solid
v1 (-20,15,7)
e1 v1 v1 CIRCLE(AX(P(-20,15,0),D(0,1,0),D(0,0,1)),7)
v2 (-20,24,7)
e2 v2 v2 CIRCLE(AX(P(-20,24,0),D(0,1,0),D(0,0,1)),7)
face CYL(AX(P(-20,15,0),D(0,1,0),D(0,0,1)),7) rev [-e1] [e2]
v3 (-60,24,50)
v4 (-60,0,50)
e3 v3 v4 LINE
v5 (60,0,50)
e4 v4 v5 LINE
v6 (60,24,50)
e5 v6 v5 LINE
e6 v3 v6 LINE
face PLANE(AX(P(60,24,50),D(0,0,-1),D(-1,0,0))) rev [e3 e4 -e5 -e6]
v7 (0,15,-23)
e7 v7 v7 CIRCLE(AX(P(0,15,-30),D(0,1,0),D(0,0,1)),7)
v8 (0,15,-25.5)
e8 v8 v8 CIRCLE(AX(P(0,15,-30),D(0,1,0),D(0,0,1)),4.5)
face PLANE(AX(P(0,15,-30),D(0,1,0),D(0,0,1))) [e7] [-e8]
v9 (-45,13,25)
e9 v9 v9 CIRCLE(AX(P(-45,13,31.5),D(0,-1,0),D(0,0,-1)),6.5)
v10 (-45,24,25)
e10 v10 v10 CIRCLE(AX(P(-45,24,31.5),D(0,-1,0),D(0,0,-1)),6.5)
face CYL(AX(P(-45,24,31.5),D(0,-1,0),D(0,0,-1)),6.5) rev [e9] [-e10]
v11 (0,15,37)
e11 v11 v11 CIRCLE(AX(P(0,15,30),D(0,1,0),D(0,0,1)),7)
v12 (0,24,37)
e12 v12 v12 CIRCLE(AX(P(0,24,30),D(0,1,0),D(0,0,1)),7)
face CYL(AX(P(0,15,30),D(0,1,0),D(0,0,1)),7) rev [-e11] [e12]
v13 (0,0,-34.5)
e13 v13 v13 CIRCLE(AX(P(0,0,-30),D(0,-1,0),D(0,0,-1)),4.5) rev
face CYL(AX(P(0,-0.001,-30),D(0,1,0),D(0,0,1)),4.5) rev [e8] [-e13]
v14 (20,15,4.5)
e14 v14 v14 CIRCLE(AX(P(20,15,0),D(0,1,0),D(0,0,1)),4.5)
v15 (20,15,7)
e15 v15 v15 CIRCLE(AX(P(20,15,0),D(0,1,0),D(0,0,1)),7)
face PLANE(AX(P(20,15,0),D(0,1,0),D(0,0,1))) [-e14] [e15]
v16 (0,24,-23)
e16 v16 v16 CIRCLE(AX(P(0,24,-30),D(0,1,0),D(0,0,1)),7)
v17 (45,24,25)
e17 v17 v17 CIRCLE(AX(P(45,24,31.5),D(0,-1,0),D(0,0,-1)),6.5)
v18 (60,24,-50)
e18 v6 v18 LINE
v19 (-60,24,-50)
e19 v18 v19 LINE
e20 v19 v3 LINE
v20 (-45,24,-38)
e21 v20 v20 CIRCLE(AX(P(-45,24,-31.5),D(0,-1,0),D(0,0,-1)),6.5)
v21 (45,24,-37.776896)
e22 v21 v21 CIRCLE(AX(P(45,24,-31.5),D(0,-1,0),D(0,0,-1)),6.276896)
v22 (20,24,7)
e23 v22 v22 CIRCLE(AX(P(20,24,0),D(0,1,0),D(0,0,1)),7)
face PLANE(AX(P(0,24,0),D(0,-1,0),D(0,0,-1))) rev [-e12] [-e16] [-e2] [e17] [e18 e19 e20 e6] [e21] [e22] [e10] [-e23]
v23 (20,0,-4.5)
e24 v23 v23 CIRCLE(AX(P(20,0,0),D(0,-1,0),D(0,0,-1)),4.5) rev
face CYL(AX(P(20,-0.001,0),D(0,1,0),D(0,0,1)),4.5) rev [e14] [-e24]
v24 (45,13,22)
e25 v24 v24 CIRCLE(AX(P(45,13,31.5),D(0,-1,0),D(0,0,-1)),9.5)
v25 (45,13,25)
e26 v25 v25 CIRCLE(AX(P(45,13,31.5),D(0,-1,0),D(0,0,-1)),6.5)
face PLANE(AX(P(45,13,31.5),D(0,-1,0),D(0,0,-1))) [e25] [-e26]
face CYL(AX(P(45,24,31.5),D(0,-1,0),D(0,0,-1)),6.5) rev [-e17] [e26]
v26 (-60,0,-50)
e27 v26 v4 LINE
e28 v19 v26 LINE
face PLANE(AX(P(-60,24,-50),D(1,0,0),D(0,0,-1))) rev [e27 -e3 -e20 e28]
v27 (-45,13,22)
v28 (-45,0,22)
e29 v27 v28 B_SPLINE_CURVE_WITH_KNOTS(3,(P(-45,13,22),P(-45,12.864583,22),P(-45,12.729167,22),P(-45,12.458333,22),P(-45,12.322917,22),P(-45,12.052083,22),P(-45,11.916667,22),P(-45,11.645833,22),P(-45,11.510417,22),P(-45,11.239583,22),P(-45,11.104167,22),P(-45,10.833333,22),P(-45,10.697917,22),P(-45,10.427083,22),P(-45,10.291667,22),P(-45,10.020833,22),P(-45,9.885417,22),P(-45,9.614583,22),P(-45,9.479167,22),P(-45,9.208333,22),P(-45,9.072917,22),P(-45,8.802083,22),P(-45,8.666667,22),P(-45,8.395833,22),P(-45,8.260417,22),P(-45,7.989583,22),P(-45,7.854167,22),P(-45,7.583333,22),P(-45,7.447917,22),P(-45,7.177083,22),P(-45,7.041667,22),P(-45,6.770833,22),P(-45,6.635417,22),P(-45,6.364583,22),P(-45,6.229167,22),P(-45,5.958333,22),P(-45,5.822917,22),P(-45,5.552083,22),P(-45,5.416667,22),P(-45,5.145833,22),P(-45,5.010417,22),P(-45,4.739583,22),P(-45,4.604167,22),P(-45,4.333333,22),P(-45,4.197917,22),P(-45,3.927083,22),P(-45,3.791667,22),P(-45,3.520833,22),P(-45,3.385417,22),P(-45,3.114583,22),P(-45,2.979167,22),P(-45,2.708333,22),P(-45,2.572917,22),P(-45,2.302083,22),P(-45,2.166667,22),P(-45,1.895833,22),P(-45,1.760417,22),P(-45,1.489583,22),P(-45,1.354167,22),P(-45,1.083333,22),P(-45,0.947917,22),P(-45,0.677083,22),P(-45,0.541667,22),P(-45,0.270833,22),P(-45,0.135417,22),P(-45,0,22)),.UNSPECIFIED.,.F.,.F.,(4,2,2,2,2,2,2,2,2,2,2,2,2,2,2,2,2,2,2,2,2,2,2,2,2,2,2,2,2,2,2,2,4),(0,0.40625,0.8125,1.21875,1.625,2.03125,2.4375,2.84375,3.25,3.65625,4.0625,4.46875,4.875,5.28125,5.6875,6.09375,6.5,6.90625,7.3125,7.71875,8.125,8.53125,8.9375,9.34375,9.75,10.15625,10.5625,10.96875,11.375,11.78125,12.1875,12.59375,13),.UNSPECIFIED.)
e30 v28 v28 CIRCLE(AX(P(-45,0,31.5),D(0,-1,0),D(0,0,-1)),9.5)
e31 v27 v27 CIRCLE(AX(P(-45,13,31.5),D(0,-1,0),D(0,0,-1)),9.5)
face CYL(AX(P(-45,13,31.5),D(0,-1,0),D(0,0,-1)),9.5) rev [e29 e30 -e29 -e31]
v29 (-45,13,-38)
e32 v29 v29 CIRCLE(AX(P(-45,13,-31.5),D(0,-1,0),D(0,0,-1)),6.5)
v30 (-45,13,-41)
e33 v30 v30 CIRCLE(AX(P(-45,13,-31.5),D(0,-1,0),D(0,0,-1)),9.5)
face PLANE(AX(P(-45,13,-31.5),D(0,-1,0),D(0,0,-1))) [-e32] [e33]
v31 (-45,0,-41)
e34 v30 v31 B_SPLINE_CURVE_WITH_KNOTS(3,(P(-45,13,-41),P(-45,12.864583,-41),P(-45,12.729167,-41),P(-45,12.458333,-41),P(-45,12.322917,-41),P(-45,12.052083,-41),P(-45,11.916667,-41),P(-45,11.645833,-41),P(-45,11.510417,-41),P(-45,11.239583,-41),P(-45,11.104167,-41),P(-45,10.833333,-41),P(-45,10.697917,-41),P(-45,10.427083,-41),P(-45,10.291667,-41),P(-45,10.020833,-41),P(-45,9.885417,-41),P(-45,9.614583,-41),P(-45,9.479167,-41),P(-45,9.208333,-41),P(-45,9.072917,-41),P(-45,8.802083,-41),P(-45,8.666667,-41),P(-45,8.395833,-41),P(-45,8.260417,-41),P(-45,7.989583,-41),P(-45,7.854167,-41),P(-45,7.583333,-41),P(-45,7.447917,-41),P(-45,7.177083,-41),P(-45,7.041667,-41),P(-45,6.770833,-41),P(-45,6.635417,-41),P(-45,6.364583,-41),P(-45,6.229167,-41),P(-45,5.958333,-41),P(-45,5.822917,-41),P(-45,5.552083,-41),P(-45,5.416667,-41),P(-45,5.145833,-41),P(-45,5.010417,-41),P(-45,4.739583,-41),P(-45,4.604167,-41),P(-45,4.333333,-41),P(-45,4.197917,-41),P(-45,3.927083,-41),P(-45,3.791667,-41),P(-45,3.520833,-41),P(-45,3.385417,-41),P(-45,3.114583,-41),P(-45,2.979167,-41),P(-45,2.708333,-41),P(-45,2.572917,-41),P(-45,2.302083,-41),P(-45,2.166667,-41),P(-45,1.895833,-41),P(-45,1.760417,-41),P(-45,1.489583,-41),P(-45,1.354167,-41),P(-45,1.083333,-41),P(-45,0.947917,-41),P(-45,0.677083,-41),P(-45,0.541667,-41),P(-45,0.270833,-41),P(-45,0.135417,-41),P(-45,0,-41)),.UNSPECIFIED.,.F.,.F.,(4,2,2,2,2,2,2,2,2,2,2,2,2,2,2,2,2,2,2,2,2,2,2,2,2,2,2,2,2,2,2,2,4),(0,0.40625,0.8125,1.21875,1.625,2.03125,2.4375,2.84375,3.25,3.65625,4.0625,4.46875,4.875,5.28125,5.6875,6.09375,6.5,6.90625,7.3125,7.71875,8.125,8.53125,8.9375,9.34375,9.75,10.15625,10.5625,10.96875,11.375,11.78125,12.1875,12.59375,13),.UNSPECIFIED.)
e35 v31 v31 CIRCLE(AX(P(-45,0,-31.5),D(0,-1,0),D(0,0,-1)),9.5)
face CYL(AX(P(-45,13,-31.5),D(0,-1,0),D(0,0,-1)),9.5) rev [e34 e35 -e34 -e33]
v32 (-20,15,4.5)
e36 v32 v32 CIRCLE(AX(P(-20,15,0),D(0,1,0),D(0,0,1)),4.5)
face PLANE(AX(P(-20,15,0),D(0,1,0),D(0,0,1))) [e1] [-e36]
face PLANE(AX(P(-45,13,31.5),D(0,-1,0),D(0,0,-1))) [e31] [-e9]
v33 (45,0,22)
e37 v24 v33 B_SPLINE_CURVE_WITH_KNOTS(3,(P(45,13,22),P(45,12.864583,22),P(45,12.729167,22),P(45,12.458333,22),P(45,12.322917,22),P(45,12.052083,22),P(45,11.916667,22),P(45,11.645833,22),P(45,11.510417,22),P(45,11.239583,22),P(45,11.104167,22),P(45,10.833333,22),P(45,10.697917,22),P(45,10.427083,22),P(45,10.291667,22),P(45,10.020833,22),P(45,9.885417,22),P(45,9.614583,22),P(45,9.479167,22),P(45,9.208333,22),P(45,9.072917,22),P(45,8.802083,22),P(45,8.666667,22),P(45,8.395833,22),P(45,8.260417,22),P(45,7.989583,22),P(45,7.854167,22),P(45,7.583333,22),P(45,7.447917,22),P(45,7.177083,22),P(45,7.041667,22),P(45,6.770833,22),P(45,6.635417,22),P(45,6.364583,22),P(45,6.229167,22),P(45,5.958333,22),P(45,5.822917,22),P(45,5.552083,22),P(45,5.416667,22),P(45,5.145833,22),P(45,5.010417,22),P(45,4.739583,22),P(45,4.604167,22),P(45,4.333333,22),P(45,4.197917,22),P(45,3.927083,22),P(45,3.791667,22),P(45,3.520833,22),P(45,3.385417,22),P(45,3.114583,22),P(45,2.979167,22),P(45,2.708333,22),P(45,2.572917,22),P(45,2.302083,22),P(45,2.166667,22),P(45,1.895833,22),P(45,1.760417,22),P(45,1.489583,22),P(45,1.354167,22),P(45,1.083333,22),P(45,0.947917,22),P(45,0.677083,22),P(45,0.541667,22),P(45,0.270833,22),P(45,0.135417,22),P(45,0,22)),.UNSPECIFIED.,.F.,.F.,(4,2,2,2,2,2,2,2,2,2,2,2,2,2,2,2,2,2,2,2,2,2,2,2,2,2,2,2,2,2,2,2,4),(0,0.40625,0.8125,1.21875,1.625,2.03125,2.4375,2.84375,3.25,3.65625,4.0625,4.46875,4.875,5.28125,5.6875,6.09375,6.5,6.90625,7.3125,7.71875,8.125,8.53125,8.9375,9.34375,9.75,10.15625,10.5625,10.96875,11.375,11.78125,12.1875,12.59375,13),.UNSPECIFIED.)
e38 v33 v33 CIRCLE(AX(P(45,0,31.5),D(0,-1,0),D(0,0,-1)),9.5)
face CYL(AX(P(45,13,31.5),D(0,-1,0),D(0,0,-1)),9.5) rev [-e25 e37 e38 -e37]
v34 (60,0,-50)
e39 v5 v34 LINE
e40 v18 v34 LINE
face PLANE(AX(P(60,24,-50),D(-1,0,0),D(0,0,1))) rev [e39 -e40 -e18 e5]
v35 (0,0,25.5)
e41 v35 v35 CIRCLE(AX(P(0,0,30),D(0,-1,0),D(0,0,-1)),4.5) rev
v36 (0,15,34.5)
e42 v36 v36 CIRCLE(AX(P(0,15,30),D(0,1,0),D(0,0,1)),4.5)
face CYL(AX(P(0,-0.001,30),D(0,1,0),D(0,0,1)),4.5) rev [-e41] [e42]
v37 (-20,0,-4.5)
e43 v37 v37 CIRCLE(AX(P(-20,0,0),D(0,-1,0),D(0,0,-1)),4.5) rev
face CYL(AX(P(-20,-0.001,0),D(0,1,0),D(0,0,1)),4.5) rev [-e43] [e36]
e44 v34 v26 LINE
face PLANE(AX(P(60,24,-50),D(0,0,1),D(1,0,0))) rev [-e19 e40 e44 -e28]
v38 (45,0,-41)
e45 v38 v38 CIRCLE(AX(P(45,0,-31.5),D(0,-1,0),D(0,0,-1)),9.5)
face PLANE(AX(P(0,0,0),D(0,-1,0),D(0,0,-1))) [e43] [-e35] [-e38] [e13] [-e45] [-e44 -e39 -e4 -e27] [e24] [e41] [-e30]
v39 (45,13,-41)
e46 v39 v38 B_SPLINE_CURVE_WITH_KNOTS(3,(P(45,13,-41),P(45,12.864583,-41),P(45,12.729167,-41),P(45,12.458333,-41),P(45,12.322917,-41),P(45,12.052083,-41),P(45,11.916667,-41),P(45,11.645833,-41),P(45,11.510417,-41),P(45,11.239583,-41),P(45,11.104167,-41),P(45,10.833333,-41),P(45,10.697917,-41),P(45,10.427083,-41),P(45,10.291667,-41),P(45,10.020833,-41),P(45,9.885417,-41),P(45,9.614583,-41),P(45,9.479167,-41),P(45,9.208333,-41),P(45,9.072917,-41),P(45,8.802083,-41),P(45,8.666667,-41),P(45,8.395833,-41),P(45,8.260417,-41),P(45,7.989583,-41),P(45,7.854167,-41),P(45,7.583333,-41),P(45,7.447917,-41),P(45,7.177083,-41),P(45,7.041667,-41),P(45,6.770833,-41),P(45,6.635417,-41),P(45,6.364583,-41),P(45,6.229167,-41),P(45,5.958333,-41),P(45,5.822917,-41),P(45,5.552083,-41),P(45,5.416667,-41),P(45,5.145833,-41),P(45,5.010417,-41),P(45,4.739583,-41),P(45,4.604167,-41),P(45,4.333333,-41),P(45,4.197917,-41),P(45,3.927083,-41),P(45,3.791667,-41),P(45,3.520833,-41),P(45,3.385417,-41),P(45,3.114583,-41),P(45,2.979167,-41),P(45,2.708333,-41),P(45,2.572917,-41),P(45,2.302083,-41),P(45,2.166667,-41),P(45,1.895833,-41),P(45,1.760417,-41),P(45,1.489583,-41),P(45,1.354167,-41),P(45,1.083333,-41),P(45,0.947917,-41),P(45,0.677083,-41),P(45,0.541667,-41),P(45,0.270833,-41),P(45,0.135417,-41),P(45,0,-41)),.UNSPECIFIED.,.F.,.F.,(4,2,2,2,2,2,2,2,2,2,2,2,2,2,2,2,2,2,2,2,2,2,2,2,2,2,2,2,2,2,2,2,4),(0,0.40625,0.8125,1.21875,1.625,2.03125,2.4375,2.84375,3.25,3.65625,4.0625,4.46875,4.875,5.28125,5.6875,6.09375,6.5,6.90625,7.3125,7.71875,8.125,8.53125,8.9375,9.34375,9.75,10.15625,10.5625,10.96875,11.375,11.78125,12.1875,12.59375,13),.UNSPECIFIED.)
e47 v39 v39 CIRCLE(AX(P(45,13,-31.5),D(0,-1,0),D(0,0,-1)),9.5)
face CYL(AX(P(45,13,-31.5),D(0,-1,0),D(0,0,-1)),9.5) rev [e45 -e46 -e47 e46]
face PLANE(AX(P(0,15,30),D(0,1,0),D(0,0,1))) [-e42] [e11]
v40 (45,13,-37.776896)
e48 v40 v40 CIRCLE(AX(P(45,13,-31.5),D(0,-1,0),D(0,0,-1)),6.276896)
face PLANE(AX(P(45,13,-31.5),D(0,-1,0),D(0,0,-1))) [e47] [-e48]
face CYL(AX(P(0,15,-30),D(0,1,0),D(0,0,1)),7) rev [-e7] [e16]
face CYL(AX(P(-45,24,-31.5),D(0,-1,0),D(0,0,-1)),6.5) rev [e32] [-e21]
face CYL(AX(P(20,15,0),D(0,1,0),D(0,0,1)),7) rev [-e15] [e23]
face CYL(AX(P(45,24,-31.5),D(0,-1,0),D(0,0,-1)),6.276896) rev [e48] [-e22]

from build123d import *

# Parameters (mm, degrees)
CROQUIS1_W              = 120
CROQUIS1_H              = 100
SALIENTE_EXTRUIR1_DEPTH = 24
CROQUIS2_R              = 7
CORTAR_EXTRUIR1_DEPTH   = 9
CORTAR_EXTRUIR2_REACH   = 81.53
CROQUIS3_R              = 4.5
CROQUIS4_R              = 9.5
CORTAR_EXTRUIR3_DEPTH   = 13
CROQUIS5_R              = 6.5
CROQUIS5_R_2            = 6.276895532
CORTAR_EXTRUIR4_DEPTH   = 80.177016867


with BuildPart() as part:
    # Croquis1 → Saliente-Extruir1 (new body)
    with BuildSketch(Plane(origin=(0, 0, 0), x_dir=(1, 0, 0), z_dir=(0, 1, 0))):
        Rectangle(CROQUIS1_W, CROQUIS1_H)
    extrude(amount=SALIENTE_EXTRUIR1_DEPTH)

    # Croquis2 → Cortar-Extruir1 (cut)
    with BuildSketch(Plane(origin=(0, 24, 0), x_dir=(1, 0, 0), z_dir=(0, 1, 0))):
        with Locations(Location((0, 30, 0), (0, 0, 270))):
            Circle(CROQUIS2_R)
        with Locations(Location((0, -30, 0), (0, 0, 270))):
            Circle(CROQUIS2_R)
        with Locations(Location((-20, 0, 0), (0, 0, 270))):
            Circle(CROQUIS2_R)
        with Locations(Location((20, 0, 0), (0, 0, 270))):
            Circle(CROQUIS2_R)
    extrude(amount=-CORTAR_EXTRUIR1_DEPTH, mode=Mode.SUBTRACT)

    # Croquis3 → Cortar-Extruir2 (cut, up to next)
    with BuildSketch(Plane(origin=(0, 15, 0), x_dir=(1, 0, 0), z_dir=(0, 1, 0)), mode=Mode.PRIVATE) as cortar_extruir2_sk1:
        with Locations(Location((-20, 0, 0), (0, 0, 270))):
            Circle(CROQUIS3_R)
    cortar_extruir2_tool1 = extrude(cortar_extruir2_sk1.sketch, amount=-CORTAR_EXTRUIR2_REACH, mode=Mode.PRIVATE) & part.part
    # Croquis3 → Cortar-Extruir2 (cut, up to next)
    with BuildSketch(Plane(origin=(0, 15, 0), x_dir=(1, 0, 0), z_dir=(0, 1, 0)), mode=Mode.PRIVATE) as cortar_extruir2_sk2:
        with Locations(Location((0, 30, 0), (0, 0, 270))):
            Circle(CROQUIS3_R)
    cortar_extruir2_tool2 = extrude(cortar_extruir2_sk2.sketch, amount=-CORTAR_EXTRUIR2_REACH, mode=Mode.PRIVATE) & part.part
    # Croquis3 → Cortar-Extruir2 (cut, up to next)
    with BuildSketch(Plane(origin=(0, 15, 0), x_dir=(1, 0, 0), z_dir=(0, 1, 0)), mode=Mode.PRIVATE) as cortar_extruir2_sk3:
        with Locations(Location((20, 0, 0), (0, 0, 270))):
            Circle(CROQUIS3_R)
    cortar_extruir2_tool3 = extrude(cortar_extruir2_sk3.sketch, amount=-CORTAR_EXTRUIR2_REACH, mode=Mode.PRIVATE) & part.part
    # Croquis3 → Cortar-Extruir2 (cut, up to next)
    with BuildSketch(Plane(origin=(0, 15, 0), x_dir=(1, 0, 0), z_dir=(0, 1, 0)), mode=Mode.PRIVATE) as cortar_extruir2_sk4:
        with Locations(Location((0, -30, 0), (0, 0, 270))):
            Circle(CROQUIS3_R)
    cortar_extruir2_tool4 = extrude(cortar_extruir2_sk4.sketch, amount=-CORTAR_EXTRUIR2_REACH, mode=Mode.PRIVATE) & part.part
    add(cortar_extruir2_tool1.solids().sort_by_distance((-20, 15, 0))[0], mode=Mode.SUBTRACT)
    add(cortar_extruir2_tool2.solids().sort_by_distance((0, 15, -30))[0], mode=Mode.SUBTRACT)
    add(cortar_extruir2_tool3.solids().sort_by_distance((20, 15, 0))[0], mode=Mode.SUBTRACT)
    add(cortar_extruir2_tool4.solids().sort_by_distance((0, 15, 30))[0], mode=Mode.SUBTRACT)

    # Croquis4 → Cortar-Extruir3 (cut)
    with BuildSketch(Plane.XZ):
        with Locations(Location((-45, 31.5, 0), (0, 0, 270))):
            Circle(CROQUIS4_R)
        with Locations(Location((45, 31.5, 0), (0, 0, 270))):
            Circle(CROQUIS4_R)
        with Locations(Location((45, -31.5, 0), (0, 0, 270))):
            Circle(CROQUIS4_R)
        with Locations(Location((-45, -31.5, 0), (0, 0, 270))):
            Circle(CROQUIS4_R)
    extrude(amount=-CORTAR_EXTRUIR3_DEPTH, mode=Mode.SUBTRACT)

    # Croquis5 → Cortar-Extruir4 (cut, through all)
    with BuildSketch(Plane.XZ.offset(-13)):
        with Locations(Location((-45, 31.5, 0), (0, 0, 270))):
            Circle(CROQUIS5_R)
        with Locations(Location((45, 31.5, 0), (0, 0, 270))):
            Circle(CROQUIS5_R)
        with Locations(Location((-45, -31.5, 0), (0, 0, 270))):
            Circle(CROQUIS5_R)
        with Locations(Location((45, -31.5, 0), (0, 0, 270))):
            Circle(CROQUIS5_R_2)
    extrude(amount=-CORTAR_EXTRUIR4_DEPTH, mode=Mode.SUBTRACT)


solid = part.part
